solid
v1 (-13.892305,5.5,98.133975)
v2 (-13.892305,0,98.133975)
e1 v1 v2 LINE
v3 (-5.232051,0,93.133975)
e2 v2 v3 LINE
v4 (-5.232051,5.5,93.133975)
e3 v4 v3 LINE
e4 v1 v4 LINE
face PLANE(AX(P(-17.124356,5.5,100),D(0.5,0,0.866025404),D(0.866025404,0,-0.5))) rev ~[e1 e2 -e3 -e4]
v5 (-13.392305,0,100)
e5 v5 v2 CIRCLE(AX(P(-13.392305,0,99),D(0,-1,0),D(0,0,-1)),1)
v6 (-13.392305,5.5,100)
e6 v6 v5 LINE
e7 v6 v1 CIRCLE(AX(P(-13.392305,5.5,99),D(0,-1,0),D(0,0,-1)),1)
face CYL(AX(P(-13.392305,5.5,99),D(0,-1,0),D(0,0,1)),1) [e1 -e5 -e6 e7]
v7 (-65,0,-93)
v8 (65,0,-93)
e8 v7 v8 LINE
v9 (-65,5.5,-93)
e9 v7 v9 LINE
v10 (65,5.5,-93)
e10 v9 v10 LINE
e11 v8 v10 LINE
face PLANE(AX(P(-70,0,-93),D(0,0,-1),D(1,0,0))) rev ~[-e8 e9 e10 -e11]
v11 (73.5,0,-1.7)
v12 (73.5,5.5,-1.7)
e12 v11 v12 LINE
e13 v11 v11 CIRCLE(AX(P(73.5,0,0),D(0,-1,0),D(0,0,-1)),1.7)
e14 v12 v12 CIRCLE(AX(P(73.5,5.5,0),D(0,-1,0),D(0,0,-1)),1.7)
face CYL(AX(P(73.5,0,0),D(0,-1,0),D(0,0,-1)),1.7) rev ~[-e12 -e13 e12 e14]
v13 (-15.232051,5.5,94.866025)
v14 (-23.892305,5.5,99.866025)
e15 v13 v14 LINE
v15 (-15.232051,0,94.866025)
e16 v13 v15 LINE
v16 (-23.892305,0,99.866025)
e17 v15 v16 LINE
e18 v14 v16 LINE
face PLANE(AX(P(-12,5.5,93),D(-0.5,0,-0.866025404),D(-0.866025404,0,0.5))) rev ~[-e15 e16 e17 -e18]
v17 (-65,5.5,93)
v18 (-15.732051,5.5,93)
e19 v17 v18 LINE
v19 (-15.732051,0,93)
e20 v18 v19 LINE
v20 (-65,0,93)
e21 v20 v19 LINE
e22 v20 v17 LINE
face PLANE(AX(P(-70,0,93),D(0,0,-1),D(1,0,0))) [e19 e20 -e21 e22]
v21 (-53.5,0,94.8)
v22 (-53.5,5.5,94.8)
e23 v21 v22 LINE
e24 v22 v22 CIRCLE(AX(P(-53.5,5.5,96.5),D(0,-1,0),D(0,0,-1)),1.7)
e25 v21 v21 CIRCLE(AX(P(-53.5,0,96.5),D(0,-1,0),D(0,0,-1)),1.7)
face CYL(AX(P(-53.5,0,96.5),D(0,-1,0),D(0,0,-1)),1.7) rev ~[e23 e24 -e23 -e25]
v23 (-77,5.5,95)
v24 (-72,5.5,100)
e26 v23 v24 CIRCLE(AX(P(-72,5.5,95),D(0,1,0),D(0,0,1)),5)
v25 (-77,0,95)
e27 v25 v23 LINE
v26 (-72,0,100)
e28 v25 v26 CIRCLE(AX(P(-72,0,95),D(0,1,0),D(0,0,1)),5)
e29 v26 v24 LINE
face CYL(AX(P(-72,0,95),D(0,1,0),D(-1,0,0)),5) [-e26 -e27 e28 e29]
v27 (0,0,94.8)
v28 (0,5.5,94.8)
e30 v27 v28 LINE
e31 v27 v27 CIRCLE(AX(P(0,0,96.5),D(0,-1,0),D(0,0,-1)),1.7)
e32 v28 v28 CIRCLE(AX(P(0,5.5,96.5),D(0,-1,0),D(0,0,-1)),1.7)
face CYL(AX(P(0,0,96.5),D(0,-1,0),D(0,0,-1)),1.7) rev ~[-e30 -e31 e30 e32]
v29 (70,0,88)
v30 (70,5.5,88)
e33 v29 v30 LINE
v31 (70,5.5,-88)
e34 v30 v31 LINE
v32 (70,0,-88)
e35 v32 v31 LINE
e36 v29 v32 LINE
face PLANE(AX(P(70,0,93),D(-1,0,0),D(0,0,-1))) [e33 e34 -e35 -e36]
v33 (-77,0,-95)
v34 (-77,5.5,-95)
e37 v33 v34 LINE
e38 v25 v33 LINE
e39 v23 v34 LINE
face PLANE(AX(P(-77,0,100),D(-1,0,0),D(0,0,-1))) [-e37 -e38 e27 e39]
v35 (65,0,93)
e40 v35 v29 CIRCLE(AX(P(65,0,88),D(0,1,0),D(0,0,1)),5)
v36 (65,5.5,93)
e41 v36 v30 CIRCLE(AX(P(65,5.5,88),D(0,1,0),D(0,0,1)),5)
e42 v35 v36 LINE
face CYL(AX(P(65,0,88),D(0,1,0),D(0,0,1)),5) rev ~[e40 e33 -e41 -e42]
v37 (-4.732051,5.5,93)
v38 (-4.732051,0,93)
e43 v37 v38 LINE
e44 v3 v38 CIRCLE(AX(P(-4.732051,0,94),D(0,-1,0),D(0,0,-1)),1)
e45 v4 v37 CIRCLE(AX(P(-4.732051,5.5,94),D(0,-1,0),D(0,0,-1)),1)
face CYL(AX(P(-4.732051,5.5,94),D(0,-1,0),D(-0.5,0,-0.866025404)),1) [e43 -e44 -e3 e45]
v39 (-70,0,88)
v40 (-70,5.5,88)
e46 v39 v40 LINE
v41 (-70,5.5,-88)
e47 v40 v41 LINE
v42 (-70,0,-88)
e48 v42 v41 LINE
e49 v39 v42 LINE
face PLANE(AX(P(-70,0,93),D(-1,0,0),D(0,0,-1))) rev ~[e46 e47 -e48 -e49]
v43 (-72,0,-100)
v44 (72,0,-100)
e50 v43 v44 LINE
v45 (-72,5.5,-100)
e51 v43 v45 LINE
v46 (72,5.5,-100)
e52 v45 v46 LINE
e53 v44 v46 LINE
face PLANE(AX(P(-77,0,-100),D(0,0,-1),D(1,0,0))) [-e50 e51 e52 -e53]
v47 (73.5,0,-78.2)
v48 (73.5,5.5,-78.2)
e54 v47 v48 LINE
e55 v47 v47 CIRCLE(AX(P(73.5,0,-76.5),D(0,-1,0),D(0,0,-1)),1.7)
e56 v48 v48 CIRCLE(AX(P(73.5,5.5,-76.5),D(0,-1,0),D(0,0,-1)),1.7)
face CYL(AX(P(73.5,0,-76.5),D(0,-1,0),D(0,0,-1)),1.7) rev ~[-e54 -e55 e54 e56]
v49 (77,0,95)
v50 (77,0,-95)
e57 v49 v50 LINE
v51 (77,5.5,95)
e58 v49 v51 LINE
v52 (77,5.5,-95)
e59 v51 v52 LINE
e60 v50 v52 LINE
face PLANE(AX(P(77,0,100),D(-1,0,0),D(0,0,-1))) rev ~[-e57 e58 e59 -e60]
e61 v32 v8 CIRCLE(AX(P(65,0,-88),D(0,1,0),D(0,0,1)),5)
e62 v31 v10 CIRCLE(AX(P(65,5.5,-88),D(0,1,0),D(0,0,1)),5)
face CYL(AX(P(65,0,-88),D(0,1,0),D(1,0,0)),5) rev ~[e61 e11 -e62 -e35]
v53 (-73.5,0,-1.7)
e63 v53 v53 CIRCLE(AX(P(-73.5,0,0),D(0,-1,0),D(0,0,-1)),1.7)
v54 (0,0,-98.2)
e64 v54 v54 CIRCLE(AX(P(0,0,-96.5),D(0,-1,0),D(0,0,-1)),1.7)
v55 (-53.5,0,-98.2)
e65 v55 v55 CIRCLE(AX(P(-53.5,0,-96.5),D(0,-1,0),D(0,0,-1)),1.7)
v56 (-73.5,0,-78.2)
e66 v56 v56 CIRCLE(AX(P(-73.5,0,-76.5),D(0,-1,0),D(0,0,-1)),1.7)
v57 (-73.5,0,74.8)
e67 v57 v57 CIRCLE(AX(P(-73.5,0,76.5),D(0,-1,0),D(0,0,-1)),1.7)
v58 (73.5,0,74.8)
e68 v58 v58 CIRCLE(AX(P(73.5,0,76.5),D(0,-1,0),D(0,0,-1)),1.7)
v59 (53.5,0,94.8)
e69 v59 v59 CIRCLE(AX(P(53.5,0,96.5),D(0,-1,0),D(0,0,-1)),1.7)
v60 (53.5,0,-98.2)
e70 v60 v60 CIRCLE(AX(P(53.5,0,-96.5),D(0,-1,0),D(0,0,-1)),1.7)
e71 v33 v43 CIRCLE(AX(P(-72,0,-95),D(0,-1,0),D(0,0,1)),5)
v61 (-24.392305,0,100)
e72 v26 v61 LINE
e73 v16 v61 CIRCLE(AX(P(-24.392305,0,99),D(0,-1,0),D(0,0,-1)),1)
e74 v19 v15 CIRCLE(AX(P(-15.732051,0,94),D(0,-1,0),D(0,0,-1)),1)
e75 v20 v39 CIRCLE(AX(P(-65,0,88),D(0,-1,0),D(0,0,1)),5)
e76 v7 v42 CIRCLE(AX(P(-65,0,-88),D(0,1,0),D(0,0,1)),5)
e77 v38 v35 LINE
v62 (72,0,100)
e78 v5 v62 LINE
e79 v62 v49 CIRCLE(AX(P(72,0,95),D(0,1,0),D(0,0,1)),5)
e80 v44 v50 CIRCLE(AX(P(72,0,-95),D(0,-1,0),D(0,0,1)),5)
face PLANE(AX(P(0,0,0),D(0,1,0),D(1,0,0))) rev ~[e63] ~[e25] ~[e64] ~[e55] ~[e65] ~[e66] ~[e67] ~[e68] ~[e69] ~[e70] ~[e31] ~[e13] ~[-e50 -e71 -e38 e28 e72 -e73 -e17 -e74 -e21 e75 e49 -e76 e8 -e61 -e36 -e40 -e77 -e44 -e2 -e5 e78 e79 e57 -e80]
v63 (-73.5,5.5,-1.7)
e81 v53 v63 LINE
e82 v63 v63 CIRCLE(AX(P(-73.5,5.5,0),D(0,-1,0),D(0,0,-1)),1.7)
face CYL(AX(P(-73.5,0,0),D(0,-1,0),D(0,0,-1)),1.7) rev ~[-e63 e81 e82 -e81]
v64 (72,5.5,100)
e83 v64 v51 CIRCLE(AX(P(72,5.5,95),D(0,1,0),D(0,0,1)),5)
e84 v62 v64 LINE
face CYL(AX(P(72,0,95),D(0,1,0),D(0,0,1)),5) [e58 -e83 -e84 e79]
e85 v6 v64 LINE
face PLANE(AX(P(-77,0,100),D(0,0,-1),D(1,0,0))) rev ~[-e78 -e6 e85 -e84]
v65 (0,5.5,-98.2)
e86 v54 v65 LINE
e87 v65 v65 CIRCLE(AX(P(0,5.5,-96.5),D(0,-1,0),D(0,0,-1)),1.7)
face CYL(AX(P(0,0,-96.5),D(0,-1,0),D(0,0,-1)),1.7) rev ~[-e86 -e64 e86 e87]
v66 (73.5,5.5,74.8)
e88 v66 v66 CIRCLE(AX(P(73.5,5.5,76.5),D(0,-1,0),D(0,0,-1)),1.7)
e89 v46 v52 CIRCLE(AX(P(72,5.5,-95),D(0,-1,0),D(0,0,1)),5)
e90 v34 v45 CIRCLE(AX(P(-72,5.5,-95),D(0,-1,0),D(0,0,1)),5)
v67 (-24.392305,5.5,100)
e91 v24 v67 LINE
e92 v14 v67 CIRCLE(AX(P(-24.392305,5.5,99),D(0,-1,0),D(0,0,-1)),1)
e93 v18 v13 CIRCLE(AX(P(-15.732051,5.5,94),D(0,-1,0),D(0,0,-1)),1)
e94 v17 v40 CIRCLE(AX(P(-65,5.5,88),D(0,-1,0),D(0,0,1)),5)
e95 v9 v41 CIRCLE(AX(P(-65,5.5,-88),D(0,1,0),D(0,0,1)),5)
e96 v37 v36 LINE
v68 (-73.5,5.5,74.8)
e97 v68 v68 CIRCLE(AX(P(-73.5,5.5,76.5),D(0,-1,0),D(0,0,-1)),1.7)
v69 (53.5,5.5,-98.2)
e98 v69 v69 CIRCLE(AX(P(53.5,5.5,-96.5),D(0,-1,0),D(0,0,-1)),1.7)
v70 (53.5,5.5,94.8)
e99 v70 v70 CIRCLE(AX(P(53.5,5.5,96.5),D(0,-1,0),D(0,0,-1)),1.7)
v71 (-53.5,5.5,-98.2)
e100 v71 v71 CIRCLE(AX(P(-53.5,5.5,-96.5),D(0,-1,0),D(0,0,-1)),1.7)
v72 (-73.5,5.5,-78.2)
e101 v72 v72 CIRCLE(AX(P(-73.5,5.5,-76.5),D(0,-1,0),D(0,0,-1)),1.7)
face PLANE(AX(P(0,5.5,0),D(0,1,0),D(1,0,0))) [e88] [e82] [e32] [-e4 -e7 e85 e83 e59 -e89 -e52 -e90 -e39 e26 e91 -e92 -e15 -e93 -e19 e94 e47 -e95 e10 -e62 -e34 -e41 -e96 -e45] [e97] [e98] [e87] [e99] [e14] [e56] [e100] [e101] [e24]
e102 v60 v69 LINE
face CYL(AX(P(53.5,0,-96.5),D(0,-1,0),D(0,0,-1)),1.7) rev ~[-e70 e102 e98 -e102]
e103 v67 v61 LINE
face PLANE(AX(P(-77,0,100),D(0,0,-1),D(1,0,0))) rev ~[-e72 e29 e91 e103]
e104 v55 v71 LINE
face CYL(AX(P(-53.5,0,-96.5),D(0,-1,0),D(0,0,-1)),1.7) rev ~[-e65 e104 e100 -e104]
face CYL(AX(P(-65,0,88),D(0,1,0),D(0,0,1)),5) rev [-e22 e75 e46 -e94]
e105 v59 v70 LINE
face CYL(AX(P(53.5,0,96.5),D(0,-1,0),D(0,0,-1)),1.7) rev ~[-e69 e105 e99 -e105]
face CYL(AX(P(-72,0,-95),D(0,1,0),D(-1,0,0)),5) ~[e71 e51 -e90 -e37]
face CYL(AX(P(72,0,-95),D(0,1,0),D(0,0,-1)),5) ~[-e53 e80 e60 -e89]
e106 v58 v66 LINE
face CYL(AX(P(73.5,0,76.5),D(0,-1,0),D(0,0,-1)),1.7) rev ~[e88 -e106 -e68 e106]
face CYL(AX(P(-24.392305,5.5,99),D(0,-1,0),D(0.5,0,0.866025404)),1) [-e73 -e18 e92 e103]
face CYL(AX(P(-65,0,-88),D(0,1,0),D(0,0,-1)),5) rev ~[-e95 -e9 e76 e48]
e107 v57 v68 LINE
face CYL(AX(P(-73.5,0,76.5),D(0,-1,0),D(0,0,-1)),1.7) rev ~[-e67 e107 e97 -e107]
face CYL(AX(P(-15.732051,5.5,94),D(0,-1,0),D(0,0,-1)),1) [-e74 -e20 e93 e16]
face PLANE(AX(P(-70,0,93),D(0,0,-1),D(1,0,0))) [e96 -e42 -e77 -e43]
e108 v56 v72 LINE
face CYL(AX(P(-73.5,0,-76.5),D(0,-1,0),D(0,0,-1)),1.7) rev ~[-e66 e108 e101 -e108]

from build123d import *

# Parameters (mm, degrees)
SKETCH1_W           = 154
SKETCH1_H           = 200
SKETCH1_W_2         = 140
SKETCH1_H_2         = 186
BOSS_EXTRUDE1_DEPTH = 5.5
FILLET1_R           = 5
SKETCH3_R           = 1.7
CUT_EXTRUDE1_DEPTH  = 127.329925196
CUT_EXTRUDE2_DEPTH  = 127.329925196
FILLET2_R           = 1


with BuildPart() as part:
    # Sketch1 → Boss-Extrude1 (new body)
    with BuildSketch(Plane(origin=(0, 0, 0), x_dir=(1, 0, 0), z_dir=(0, 1, 0))):
        Rectangle(SKETCH1_W, SKETCH1_H)
        Rectangle(SKETCH1_W_2, SKETCH1_H_2, mode=Mode.SUBTRACT)
    extrude(amount=BOSS_EXTRUDE1_DEPTH)

    # Fillet1
    fillet1_edges = [part.edges().sort_by_distance(p)[0] for p in [
        (70, 2.75, 93),
        (70, 2.75, -93),
        (-70, 2.75, -93),
        (-70, 2.75, 93),
        (-77, 2.75, -100),
        (77, 2.75, -100),
        (77, 2.75, 100),
        (-77, 2.75, 100),
    ]]
    fillet(fillet1_edges, radius=FILLET1_R)

    # Sketch3 → Cut-Extrude1 (cut, through all)
    with BuildSketch(Plane.XZ):
        with Locations(Location((73.5, -76.5, 0), (0, 0, 270))):
            Circle(SKETCH3_R)
        with Locations(Location((53.5, -96.5, 0), (0, 0, 270))):
            Circle(SKETCH3_R)
        with Locations(Location((-53.5, -96.5, 0), (0, 0, 270))):
            Circle(SKETCH3_R)
        with Locations(Location((-73.5, -76.5, 0), (0, 0, 270))):
            Circle(SKETCH3_R)
        with Locations(Location((-73.5, 0, 0), (0, 0, 270))):
            Circle(SKETCH3_R)
        with Locations(Location((-73.5, 76.5, 0), (0, 0, 270))):
            Circle(SKETCH3_R)
        with Locations(Location((-53.5, 96.5, 0), (0, 0, 270))):
            Circle(SKETCH3_R)
        with Locations(Location((53.5, 96.5, 0), (0, 0, 270))):
            Circle(SKETCH3_R)
        with Locations(Location((73.5, 76.5, 0), (0, 0, 270))):
            Circle(SKETCH3_R)
        with Locations(Location((73.5, 0, 0), (0, 0, 270))):
            Circle(SKETCH3_R)
        with Locations(Location((0, -96.5, 0), (0, 0, 270))):
            Circle(SKETCH3_R)
        with Locations(Location((0, 96.5, 0), (0, 0, 270))):
            Circle(SKETCH3_R)
    extrude(amount=-CUT_EXTRUDE1_DEPTH, mode=Mode.SUBTRACT)

    # Sketch4 → Cut-Extrude2 (cut, through all)
    with BuildSketch(Plane(origin=(0, 5.5, 0), x_dir=(1, 0, 0), z_dir=(0, 1, 0))):
        Polygon((-17.124355653, -100), (-5, -93), (-12, -93), (-24.124355653, -100), align=None)
    extrude(amount=-CUT_EXTRUDE2_DEPTH, mode=Mode.SUBTRACT)

    # Fillet2
    fillet2_edges = [part.edges().sort_by_distance(p)[0] for p in [
        (-17.124355653, 2.75, 100),
        (-24.124355653, 2.75, 100),
        (-12, 2.75, 93),
        (-5, 2.75, 93),
    ]]
    fillet(fillet2_edges, radius=FILLET2_R)


solid = part.part
